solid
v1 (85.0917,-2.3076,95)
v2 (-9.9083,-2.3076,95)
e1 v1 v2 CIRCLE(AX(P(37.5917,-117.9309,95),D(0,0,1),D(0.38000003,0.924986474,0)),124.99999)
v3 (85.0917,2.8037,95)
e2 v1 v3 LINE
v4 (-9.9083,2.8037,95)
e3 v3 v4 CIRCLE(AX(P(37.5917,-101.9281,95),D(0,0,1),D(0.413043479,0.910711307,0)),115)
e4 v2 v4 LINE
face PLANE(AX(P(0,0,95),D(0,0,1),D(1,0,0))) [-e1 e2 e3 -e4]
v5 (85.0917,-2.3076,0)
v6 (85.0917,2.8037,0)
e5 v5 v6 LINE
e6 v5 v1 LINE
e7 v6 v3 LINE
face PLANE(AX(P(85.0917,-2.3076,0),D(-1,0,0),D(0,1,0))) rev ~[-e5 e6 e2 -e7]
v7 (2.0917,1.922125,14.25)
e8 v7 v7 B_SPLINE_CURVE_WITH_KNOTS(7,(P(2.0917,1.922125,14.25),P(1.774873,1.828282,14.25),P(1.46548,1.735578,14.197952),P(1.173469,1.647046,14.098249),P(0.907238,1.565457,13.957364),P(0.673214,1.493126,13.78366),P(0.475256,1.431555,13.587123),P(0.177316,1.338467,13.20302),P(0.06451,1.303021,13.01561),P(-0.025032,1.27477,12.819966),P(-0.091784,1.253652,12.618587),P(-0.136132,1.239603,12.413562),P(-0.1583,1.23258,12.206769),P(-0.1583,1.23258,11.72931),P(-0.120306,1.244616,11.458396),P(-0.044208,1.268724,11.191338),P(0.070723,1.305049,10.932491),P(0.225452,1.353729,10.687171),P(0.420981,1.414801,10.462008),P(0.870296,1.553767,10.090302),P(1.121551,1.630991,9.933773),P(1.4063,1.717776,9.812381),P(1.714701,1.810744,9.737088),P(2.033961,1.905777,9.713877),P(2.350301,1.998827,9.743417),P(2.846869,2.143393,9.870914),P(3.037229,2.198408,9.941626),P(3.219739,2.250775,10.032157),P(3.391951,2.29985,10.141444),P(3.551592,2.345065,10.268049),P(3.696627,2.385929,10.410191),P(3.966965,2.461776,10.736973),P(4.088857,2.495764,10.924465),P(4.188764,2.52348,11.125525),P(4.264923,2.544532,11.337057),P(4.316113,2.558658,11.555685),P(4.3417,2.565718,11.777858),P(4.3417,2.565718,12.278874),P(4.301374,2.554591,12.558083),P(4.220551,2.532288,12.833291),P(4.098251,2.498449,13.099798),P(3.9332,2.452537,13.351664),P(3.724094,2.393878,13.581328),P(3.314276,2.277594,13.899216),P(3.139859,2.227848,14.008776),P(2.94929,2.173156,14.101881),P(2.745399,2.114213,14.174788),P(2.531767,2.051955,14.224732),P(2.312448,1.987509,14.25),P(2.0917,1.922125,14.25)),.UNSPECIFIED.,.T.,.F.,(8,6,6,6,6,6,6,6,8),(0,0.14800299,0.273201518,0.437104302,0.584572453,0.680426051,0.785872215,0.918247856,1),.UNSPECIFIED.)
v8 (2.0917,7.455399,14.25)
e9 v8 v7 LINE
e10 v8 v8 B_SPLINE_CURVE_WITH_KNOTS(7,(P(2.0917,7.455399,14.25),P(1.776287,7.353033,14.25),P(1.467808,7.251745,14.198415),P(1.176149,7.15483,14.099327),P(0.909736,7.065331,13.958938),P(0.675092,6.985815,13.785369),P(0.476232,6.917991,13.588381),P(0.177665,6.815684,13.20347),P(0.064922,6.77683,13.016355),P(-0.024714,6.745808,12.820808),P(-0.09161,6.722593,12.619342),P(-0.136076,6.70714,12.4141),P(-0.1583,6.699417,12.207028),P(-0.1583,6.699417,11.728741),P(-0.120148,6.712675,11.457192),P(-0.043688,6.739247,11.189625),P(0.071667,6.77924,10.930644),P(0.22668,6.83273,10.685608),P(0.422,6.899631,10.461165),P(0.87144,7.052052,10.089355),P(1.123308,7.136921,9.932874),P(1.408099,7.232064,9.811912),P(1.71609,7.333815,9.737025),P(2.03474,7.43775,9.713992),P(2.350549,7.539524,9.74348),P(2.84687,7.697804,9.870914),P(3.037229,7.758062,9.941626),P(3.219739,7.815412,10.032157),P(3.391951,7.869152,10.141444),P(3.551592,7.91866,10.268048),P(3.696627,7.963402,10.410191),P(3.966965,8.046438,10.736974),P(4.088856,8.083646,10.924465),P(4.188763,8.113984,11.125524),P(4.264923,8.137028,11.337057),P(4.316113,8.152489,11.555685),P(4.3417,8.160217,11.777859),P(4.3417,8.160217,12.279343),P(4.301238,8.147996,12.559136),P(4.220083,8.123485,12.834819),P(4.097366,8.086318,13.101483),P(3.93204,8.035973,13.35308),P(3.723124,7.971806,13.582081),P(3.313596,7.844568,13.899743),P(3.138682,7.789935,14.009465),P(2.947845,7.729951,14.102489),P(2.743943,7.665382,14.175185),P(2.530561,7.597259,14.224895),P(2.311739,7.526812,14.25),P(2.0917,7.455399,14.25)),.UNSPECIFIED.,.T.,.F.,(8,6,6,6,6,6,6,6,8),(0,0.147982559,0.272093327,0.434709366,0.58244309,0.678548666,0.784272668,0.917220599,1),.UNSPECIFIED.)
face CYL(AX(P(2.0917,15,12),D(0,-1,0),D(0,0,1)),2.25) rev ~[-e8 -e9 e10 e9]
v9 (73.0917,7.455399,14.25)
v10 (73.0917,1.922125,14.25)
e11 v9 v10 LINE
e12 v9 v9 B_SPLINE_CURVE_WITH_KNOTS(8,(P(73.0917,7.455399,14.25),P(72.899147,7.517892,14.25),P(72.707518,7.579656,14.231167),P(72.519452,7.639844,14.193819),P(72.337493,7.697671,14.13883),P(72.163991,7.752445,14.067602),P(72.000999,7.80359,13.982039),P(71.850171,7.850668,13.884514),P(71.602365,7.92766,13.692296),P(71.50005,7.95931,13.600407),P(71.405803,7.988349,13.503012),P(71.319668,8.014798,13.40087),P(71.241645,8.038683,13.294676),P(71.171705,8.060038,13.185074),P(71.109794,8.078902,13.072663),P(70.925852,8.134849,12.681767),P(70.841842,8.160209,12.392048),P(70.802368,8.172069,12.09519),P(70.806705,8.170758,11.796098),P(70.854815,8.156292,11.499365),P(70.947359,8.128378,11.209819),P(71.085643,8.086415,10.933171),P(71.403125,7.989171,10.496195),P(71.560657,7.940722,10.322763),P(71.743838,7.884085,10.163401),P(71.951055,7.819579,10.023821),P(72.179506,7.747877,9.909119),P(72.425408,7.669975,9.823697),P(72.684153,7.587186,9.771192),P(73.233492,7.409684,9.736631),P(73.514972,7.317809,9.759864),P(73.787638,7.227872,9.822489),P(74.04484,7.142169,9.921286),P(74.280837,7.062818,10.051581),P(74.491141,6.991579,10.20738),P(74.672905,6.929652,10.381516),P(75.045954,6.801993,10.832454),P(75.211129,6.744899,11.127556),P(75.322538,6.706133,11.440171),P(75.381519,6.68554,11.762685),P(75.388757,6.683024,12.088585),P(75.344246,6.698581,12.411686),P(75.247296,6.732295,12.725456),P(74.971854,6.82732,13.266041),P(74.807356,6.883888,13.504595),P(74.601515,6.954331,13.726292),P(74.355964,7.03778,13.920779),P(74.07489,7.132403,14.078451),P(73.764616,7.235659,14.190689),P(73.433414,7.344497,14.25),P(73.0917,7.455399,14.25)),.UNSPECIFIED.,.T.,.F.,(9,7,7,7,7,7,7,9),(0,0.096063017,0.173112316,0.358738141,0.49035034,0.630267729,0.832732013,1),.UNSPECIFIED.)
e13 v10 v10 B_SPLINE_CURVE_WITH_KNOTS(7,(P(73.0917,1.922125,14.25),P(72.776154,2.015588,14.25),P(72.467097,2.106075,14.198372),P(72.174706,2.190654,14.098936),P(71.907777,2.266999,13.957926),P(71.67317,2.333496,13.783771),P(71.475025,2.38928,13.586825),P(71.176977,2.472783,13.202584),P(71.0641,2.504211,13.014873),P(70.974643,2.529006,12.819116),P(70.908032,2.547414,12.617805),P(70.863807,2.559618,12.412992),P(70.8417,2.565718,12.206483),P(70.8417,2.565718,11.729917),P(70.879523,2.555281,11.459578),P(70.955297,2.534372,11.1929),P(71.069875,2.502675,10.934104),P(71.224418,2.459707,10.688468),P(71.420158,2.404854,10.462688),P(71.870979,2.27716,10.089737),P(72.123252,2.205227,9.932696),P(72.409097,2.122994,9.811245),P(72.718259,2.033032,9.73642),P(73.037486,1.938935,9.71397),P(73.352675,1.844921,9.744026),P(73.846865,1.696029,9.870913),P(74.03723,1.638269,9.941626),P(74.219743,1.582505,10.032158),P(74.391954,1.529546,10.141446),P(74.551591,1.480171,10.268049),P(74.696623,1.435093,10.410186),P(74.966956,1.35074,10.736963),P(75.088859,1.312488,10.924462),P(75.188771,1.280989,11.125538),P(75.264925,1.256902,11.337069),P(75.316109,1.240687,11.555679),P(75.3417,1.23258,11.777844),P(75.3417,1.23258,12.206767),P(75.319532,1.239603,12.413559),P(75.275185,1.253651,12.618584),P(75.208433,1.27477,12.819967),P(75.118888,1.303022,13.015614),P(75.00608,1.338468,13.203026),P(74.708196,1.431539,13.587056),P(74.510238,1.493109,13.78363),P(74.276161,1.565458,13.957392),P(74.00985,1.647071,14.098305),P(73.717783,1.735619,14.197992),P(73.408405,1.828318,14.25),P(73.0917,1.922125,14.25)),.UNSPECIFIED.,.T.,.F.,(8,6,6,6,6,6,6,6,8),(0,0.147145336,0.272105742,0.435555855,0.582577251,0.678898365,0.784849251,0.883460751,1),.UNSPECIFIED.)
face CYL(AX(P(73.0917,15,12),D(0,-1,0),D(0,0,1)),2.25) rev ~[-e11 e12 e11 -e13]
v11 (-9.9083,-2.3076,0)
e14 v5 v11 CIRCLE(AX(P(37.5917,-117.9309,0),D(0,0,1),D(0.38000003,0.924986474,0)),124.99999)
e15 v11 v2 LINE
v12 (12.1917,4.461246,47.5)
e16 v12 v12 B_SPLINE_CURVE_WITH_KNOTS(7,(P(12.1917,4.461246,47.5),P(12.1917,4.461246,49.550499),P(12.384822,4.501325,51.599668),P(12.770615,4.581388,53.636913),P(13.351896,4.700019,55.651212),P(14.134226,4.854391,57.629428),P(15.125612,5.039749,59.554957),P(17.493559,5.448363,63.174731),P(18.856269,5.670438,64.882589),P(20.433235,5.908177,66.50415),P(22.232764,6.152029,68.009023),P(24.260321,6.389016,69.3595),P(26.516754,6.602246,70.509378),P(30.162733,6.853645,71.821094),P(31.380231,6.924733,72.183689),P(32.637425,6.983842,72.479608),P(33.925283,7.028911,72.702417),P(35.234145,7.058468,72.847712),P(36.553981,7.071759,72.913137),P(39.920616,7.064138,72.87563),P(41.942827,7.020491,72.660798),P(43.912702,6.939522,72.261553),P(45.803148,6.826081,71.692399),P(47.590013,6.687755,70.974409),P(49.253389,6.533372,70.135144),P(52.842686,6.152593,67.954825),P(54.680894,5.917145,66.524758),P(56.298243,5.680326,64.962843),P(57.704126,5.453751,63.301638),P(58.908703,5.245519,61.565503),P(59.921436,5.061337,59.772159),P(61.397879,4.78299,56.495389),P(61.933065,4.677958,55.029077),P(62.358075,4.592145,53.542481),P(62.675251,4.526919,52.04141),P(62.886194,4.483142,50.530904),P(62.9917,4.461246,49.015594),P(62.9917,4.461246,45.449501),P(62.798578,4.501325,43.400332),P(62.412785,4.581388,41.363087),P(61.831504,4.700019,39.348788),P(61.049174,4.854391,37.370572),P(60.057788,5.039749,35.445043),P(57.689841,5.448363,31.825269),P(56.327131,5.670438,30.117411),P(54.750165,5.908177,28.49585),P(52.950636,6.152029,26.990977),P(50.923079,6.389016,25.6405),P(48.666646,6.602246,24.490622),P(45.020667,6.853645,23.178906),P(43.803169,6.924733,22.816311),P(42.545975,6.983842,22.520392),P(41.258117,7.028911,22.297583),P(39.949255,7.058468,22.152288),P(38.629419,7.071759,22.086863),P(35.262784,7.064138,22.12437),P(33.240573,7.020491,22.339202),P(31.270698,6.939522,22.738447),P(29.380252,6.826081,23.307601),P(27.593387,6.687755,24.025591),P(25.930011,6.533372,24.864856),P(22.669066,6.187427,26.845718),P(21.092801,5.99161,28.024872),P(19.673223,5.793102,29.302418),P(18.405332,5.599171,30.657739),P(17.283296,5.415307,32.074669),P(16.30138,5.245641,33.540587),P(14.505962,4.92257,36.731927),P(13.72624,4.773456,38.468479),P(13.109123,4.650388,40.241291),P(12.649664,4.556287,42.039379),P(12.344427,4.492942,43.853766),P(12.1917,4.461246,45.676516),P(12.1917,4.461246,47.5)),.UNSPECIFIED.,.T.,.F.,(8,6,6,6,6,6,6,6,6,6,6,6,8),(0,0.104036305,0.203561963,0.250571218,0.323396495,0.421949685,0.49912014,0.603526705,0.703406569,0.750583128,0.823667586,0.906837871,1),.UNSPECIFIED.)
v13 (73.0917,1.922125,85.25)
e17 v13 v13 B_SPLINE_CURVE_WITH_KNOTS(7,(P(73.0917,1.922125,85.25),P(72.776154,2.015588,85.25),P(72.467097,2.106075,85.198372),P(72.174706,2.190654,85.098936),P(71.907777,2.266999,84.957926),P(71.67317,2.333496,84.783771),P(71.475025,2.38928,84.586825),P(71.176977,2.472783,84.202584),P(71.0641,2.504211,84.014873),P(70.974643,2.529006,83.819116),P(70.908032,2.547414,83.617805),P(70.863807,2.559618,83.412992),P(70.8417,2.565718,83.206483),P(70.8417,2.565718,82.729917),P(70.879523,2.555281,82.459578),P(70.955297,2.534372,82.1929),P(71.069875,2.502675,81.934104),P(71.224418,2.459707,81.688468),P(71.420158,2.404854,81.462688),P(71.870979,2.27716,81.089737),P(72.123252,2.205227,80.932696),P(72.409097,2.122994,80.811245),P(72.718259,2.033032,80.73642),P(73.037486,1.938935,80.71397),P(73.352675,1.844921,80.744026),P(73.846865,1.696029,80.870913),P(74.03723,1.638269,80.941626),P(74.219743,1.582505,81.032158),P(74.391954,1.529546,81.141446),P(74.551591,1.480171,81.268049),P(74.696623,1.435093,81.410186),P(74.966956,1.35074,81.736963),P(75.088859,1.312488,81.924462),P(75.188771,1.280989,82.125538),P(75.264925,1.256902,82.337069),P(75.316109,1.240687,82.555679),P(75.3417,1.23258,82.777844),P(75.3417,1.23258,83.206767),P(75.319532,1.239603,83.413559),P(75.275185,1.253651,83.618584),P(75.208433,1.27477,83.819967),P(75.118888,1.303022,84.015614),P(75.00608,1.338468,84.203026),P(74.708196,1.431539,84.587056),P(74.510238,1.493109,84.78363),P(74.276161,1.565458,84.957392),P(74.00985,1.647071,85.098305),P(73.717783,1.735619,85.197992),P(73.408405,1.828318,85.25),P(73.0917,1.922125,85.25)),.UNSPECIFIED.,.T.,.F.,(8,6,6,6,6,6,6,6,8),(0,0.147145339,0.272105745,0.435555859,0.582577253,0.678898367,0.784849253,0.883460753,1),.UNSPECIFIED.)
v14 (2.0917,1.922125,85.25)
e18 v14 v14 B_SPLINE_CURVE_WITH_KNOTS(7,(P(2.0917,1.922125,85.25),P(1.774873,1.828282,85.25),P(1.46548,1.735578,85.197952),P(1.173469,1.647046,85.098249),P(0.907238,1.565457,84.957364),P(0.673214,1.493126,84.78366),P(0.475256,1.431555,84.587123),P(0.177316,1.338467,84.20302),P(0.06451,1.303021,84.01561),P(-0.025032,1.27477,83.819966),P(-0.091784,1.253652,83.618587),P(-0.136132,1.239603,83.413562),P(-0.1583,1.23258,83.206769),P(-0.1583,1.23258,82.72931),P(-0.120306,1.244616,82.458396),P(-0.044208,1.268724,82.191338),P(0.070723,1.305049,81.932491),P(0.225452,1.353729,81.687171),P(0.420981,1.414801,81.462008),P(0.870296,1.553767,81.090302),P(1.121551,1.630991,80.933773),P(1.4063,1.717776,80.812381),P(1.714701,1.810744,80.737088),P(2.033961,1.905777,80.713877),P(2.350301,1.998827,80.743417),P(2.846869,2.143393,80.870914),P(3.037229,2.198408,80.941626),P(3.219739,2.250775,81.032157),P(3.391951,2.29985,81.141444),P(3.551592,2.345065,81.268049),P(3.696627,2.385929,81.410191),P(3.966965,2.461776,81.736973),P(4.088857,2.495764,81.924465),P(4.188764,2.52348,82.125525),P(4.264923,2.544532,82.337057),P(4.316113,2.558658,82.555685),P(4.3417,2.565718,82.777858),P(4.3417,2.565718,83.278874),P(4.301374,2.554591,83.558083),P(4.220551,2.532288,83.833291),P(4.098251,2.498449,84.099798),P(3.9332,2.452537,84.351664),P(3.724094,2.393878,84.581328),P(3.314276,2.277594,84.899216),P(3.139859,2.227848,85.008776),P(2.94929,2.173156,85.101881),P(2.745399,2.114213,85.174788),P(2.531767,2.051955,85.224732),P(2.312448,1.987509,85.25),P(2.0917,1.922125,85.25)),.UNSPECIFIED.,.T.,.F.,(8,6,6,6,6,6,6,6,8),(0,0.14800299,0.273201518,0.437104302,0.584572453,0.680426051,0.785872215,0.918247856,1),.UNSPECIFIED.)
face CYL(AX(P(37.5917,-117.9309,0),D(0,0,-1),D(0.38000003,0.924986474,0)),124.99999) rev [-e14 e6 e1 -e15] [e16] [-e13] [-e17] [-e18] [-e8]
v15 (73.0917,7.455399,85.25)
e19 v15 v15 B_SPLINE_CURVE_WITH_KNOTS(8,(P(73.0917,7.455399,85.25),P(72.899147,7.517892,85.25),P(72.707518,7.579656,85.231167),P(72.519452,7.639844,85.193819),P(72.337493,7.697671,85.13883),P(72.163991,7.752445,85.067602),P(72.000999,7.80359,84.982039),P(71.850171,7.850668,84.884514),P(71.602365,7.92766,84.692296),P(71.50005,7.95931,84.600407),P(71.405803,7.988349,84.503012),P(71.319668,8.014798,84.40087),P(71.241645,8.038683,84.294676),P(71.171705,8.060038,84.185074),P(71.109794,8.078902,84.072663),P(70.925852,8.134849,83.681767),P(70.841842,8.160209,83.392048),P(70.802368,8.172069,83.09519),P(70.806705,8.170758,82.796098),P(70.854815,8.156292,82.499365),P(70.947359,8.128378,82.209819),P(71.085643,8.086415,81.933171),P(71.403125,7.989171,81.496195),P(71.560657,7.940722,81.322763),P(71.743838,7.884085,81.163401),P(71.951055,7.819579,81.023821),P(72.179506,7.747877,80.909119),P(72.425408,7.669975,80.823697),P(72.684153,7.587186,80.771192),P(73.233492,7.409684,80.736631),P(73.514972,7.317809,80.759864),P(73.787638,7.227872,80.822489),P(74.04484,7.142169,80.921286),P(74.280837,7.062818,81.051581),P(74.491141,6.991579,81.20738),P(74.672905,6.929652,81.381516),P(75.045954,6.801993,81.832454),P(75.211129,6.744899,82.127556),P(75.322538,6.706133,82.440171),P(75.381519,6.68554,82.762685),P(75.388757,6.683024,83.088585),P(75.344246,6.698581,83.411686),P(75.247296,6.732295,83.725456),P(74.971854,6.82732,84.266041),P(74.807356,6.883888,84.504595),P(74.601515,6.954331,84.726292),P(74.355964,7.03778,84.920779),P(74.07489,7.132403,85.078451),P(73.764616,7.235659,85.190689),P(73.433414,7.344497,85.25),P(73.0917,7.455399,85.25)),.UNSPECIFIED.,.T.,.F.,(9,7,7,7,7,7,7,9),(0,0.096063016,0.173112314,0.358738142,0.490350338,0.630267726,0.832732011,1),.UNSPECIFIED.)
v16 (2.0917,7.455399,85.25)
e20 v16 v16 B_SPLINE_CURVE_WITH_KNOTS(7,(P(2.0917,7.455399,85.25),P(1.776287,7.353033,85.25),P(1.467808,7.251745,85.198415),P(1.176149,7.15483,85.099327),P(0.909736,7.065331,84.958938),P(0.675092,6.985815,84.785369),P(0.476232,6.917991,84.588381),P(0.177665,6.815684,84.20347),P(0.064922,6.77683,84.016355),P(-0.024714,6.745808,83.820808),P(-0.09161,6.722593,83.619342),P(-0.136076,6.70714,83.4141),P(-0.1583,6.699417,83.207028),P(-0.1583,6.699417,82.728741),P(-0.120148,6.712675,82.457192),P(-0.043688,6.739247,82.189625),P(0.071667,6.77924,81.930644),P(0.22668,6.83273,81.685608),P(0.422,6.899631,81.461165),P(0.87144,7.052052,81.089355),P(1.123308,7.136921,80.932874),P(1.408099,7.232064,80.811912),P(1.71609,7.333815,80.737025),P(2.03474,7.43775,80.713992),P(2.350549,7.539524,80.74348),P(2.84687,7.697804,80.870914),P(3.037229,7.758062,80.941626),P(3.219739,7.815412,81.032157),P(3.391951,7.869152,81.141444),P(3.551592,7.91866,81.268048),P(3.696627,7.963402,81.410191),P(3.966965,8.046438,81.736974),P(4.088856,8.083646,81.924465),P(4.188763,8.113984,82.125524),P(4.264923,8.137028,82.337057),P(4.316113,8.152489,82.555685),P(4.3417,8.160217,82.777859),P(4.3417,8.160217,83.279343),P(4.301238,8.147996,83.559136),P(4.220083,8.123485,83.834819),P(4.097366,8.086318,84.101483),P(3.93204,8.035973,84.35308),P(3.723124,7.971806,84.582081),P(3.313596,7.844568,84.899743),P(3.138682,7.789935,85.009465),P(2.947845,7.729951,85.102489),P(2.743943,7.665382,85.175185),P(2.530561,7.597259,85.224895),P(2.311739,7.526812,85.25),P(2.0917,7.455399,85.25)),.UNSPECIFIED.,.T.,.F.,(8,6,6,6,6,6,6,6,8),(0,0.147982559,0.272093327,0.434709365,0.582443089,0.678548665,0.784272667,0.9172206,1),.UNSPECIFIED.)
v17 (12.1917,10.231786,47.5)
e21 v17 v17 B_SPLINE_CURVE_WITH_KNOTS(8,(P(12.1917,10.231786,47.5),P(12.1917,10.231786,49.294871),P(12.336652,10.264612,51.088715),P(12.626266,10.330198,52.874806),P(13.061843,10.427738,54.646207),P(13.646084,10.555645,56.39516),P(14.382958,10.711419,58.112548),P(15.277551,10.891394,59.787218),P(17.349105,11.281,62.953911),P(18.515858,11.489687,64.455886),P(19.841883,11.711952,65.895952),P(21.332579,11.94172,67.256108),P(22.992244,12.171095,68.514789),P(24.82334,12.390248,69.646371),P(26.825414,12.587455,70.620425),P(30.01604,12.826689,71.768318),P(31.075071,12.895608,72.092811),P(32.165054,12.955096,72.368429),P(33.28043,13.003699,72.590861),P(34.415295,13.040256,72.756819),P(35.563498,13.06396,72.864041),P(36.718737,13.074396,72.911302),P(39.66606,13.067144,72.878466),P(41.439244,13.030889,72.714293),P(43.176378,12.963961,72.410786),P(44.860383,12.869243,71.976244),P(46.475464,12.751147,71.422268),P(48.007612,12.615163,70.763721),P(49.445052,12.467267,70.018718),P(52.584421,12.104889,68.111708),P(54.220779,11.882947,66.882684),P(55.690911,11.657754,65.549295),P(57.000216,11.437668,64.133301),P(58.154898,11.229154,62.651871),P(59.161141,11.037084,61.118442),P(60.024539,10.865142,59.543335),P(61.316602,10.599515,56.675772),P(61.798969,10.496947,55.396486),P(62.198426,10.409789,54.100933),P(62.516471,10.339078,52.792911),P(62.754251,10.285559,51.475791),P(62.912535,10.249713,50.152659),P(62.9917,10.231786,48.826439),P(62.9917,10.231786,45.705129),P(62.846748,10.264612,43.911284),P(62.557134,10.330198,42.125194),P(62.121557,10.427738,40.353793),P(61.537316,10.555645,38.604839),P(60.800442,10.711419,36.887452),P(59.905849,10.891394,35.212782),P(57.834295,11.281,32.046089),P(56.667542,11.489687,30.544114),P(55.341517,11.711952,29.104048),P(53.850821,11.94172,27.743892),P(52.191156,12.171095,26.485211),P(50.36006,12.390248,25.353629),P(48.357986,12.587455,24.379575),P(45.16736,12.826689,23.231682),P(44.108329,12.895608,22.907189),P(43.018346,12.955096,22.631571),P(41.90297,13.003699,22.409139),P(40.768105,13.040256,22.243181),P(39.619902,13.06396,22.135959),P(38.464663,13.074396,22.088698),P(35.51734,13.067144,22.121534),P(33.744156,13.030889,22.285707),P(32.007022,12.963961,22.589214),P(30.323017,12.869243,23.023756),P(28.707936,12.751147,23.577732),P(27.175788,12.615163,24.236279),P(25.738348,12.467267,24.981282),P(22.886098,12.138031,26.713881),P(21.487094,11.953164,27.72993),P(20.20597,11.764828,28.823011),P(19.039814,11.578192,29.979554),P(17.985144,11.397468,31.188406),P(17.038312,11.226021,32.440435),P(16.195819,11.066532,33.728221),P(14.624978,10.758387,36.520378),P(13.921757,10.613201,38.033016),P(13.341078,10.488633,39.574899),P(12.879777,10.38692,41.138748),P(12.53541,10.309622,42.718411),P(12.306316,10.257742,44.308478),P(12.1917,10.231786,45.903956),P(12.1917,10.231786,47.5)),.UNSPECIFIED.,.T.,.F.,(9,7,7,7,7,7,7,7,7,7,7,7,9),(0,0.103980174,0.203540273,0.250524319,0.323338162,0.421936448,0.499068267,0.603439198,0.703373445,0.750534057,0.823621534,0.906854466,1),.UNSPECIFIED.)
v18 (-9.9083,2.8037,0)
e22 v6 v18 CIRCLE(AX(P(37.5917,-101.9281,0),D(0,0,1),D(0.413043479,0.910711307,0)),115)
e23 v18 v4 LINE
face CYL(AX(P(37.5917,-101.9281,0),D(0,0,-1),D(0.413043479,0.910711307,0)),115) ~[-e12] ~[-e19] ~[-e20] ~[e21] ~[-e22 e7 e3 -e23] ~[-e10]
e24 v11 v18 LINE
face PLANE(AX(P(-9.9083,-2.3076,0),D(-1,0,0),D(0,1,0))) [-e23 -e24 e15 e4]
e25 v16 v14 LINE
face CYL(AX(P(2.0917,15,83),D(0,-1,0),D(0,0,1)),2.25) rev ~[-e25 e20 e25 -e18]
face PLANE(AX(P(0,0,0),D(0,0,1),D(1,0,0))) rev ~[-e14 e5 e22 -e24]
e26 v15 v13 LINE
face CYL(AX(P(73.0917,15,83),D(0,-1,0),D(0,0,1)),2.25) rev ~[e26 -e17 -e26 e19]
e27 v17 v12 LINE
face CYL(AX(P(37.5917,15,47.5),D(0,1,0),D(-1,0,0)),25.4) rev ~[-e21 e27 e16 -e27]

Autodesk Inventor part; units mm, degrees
ref_plane "YZ Plane" through (0, 0, 0) normal (1, 0, 0) x (0, 1, 0)
ref_plane "XY Plane" through (0, 0, 0) normal (0, 0, 1) x (1, 0, 0)
sketch "Sketch1" plane through (0, 0, 0) normal (0, 0, 1) x (1, 0, 0)
  arc A0 (85.0917, -2.3076) -> (-9.9083, -2.3076) centre (37.5917, -117.9309) ccw
  arc A1 (85.0917, 2.8037) -> (-9.9083, 2.8037) centre (37.5917, -101.9281) ccw
  line L0 (-9.9083, -2.3076) -> (-9.9083, 2.8037)
  line L1 (85.0917, -2.3076) -> (85.0917, 2.8037)
  point P0 (0, 0)
extrude "Extrusion1" add sketch "Sketch1" along normal blind 95
sketch "Sketch2" plane through (0, 0, 0) normal (0, 1, 0) x (-1, 0, 0)
  line L0 (12.4083, 0) -> (12.4083, 95) projected
  line L1 (-85.0917, 95) -> (9.9083, 95) projected
  line L2 (9.9083, 0) -> (-85.0917, 0) projected
  line L3 (-87.5917, 0) -> (-87.5917, 95) projected
  line L4 (9.9083, 0) -> (9.9083, 95) projected
  line L5 (-85.0917, 0) -> (-85.0917, 95) projected
  point P0 (0, 0)
  point P1 (-2.0917, 83)
  point P2 (-2.0917, 12)
  point P3 (-73.0917, 12)
  point P4 (-73.0917, 83)
  dimension "d14" = 12
  dimension "d30" = 12
  dimension "d31" = 12
  dimension "d32" = 12
  dimension "d33" = 12
  dimension "d34" = 12
  dimension "d35" = 12
  dimension "d37" = 12
ref_plane "Work Plane1" through (0, 15, 0) normal (0, 1, 0) x (-1, 0, 0)
sketch "Sketch3" plane through (0, 15, 0) normal (0, 1, 0) x (-1, 0, 0)
  point P0 (0, 0)
  point P1 (-2.0917, 12)
  point P2 (-2.0917, 83)
  point P3 (-73.0917, 83)
  point P4 (-73.0917, 12)
hole "Hole1" at (73.0917, 15, 83) at (2.0917, 15, 83) at (2.0917, 15, 12) at (73.0917, 15, 12) direction (0, -1, 0) diameter 4.5 depth 34.9875 tip angle 118 clearance for "Countersunk Flat Head Screw ISO 2009/7046" size "M4" standard "ISO"
sketch "Sketch4" plane through (0, 15, 0) normal (0, 1, 0) x (-1, 0, 0)
  line L0 (9.9083, 0) -> (-85.0917, 0) projected
  circle A0 centre (-37.5917, 47.5) radius 25.4
  line L1 (-85.0917, 0) -> (-85.0917, 95) projected
  point P0 (0, 0)
  dimension "d23" = 47.5
  dimension "d25" = 50.8
  dimension "d36" = 47.5
extrude "Extrusion2" cut sketch "Sketch4" against normal blind 24.2875
properties part number "dopasowywacz" material "ABS Plastic"
